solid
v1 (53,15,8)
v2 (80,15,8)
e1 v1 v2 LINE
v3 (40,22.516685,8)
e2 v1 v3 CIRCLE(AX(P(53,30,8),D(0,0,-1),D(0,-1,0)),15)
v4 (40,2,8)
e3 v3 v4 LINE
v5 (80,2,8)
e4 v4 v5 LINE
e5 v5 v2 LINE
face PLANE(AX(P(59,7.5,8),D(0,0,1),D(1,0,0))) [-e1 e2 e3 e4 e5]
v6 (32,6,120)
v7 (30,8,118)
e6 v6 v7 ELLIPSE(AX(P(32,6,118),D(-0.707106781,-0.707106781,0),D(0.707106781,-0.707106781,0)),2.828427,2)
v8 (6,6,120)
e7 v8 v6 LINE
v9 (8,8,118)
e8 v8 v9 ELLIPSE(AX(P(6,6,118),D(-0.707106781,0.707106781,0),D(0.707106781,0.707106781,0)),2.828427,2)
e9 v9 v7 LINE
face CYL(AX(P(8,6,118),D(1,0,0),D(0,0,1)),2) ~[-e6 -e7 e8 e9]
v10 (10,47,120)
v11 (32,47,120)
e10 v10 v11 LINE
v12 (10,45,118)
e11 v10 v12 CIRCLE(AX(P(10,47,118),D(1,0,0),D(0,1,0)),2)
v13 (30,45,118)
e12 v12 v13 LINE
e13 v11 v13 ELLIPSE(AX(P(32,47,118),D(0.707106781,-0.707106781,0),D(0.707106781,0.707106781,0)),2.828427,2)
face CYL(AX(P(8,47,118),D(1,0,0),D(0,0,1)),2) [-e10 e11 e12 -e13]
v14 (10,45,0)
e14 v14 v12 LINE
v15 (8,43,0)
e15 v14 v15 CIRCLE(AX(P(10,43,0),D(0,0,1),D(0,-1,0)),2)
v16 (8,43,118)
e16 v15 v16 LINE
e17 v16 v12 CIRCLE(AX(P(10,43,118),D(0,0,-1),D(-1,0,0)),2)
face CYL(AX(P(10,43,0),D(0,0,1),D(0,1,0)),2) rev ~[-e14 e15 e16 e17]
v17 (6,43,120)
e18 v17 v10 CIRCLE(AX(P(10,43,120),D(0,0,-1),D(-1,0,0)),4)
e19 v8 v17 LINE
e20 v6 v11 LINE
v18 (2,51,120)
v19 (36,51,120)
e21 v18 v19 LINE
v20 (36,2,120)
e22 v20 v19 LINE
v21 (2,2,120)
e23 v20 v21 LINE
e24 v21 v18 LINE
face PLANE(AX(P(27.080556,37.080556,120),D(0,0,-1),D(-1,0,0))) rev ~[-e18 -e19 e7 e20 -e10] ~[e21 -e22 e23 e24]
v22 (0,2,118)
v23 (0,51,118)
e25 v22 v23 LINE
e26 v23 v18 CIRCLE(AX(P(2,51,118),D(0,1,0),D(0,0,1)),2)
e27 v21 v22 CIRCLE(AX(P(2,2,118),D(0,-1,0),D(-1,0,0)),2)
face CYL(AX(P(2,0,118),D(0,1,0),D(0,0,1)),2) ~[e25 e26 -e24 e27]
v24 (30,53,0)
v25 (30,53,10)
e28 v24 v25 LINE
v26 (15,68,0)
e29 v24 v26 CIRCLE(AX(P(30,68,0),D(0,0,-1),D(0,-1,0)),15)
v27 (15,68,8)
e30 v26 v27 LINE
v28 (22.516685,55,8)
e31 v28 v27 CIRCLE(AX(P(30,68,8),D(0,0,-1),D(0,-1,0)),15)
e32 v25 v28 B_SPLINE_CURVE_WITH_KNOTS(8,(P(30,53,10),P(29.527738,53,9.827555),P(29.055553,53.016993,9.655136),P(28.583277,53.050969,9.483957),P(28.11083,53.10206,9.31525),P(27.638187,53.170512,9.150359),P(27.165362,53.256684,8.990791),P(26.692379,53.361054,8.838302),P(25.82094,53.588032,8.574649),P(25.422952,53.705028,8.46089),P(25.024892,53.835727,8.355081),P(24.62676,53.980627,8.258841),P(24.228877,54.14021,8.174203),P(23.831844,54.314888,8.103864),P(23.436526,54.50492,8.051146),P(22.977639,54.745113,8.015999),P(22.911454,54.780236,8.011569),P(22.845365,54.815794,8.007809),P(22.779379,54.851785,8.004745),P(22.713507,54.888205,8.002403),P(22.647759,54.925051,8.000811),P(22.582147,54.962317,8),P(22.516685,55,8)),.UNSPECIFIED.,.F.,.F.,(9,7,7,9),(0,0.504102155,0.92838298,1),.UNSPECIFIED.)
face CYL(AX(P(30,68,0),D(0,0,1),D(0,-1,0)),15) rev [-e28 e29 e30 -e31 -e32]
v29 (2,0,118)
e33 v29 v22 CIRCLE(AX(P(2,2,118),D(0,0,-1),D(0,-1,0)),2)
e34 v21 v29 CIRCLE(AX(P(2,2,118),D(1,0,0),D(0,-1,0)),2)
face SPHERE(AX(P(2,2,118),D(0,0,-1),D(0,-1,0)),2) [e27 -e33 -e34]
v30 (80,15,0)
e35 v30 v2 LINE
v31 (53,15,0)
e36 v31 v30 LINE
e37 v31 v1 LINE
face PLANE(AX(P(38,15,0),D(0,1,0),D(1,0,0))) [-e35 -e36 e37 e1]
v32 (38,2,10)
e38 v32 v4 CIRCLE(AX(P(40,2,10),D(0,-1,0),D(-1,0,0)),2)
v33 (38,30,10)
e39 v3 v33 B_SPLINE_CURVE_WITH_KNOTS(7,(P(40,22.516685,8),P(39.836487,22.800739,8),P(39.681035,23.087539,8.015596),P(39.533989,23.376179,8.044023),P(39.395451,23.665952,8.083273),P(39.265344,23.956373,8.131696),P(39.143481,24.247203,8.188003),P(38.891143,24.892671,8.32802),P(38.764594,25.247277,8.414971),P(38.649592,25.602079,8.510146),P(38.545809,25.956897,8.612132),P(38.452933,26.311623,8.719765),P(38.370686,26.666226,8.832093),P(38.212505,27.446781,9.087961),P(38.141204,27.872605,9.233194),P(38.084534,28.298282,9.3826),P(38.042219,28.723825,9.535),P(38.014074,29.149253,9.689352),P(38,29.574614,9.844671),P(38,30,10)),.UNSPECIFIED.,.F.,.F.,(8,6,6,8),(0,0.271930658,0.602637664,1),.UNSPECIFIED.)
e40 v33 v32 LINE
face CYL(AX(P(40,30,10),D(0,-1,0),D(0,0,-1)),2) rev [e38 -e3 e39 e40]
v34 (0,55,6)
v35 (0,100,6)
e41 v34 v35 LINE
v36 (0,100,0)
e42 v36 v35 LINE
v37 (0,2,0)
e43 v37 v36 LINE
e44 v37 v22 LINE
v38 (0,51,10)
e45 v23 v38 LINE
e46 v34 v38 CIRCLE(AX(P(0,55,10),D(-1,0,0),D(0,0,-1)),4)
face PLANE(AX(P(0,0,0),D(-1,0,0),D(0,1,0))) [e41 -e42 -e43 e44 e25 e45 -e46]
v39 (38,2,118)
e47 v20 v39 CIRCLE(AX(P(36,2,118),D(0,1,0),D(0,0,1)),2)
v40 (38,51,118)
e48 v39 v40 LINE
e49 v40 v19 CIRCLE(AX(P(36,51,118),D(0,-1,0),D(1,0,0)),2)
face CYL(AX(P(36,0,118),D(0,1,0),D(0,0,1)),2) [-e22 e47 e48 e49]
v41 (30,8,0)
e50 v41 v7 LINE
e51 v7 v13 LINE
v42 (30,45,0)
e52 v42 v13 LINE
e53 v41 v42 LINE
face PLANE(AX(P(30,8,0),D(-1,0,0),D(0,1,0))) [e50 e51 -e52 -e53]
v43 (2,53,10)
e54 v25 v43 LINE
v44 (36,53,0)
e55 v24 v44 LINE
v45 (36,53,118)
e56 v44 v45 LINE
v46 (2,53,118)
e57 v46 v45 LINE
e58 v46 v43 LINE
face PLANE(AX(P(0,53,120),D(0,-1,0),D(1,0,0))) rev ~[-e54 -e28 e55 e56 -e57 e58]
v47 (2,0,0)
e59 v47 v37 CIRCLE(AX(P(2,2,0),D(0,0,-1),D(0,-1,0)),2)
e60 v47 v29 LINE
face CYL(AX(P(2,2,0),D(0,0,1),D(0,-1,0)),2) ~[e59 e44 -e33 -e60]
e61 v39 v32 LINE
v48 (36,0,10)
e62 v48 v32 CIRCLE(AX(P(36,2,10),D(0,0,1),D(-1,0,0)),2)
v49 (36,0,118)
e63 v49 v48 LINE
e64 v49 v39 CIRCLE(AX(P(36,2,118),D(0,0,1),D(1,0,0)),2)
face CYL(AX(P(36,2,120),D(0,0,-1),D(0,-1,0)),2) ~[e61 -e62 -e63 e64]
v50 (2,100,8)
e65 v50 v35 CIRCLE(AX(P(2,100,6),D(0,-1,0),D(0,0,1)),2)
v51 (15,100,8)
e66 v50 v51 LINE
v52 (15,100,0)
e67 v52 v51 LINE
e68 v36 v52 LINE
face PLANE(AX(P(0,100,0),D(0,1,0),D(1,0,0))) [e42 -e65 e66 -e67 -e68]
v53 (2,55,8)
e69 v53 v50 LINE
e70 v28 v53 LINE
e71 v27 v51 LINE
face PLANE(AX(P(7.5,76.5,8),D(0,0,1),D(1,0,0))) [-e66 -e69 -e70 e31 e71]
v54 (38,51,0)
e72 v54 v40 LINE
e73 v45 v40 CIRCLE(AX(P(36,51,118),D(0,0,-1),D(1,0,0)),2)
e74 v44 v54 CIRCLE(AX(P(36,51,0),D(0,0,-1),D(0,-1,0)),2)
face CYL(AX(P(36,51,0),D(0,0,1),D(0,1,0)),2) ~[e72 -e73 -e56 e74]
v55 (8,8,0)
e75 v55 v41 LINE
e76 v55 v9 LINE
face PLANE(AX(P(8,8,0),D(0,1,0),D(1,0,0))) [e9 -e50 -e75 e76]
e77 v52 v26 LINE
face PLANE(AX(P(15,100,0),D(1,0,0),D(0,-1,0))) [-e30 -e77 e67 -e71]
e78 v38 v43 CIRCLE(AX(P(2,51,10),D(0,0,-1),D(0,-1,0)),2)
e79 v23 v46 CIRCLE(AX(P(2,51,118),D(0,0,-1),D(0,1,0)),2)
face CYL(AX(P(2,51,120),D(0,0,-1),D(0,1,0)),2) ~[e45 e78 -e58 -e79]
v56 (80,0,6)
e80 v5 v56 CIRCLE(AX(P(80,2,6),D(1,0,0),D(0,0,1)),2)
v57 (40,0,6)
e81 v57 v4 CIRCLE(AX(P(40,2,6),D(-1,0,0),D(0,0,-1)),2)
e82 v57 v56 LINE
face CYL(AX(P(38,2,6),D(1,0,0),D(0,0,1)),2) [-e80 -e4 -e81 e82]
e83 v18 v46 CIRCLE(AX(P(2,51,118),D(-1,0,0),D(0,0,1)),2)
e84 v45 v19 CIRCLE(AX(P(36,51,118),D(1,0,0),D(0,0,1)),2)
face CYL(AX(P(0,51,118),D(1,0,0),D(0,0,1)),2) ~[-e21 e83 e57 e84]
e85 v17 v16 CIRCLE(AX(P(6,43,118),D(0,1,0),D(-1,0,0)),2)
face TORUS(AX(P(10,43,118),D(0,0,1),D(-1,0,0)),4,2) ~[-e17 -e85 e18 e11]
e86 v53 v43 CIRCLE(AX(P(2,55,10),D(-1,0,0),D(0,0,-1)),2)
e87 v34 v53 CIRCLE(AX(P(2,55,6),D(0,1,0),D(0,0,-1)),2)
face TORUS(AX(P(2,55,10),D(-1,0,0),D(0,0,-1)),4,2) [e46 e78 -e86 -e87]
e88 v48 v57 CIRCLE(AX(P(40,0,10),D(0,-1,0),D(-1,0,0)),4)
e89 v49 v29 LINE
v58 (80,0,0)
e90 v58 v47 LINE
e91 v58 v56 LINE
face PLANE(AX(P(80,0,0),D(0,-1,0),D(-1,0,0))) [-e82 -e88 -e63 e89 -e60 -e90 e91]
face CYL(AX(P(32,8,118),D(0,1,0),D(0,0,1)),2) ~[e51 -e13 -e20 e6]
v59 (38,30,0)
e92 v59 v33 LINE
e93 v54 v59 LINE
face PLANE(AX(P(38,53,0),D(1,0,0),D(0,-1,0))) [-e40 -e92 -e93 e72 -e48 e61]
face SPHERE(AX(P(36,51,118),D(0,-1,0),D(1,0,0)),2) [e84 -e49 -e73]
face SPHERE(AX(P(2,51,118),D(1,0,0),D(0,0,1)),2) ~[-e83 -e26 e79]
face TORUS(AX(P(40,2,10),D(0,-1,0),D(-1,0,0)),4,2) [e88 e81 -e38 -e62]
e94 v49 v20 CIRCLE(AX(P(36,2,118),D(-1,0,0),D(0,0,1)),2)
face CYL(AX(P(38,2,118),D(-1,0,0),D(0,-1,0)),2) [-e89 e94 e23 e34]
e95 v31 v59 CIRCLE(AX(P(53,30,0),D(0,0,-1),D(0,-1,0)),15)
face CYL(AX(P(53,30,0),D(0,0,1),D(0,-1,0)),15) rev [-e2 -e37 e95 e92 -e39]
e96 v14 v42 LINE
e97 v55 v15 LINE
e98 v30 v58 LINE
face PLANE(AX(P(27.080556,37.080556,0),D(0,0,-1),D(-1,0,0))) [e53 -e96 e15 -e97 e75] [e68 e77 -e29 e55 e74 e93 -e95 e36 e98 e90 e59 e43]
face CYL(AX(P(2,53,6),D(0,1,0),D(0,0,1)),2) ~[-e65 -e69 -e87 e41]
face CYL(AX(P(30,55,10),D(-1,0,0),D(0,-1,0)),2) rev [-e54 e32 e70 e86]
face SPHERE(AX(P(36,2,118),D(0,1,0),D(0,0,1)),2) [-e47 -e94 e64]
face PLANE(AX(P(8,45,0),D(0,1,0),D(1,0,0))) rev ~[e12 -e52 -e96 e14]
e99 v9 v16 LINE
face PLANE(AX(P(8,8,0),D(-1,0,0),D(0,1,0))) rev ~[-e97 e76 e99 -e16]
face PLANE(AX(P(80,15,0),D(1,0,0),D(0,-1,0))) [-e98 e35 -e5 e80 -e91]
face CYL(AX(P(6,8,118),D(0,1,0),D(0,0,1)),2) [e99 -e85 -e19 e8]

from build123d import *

# Parameters (mm, degrees)
SZKIC1_W                    = 22
SZKIC1_H                    = 37
DODANIE_WYCI_GNI_CIE1_DEPTH = 120
SZKIC2_W                    = 42
SZKIC2_H                    = 15
SZKIC2_W_2                  = 15
SZKIC2_H_2                  = 47
WYTNIJ_WYCI_GNI_CIE1_DEPTH  = 112
ZAOKR_GLENIE1_R             = 15
ZAOKR_GLENIE2_R             = 2


with BuildPart() as part:
    # Szkic1 → Dodanie-wyciągnięcie1 (new body)
    with BuildSketch(Plane.XY):
        Polygon((0, 0), (0, 100), (15, 100), (15, 53), (38, 53), (38, 15), (80, 15), (80, 0), align=None)
        with Locations((19, 26.5)):
            Rectangle(SZKIC1_W, SZKIC1_H, mode=Mode.SUBTRACT)
    extrude(amount=DODANIE_WYCI_GNI_CIE1_DEPTH)

    # Szkic2 → Wytnij-wyciągnięcie1 (cut)
    with BuildSketch(Plane.XY.offset(120)):
        with Locations((59, 7.5)):
            Rectangle(SZKIC2_W, SZKIC2_H)
        with Locations((7.5, 76.5)):
            Rectangle(SZKIC2_W_2, SZKIC2_H_2)
    extrude(amount=-WYTNIJ_WYCI_GNI_CIE1_DEPTH, mode=Mode.SUBTRACT)

    # Zaokrąglenie1
    zaokr_glenie1_edges = [part.edges().sort_by_distance(p)[0] for p in [
        (38, 15, 4),
        (15, 53, 4),
    ]]
    fillet(zaokr_glenie1_edges, radius=ZAOKR_GLENIE1_R)

    # Zaokrąglenie2
    zaokr_glenie2_edges = [part.edges().sort_by_distance(p)[0] for p in [
        (38, 26.5, 120),
        (0, 0, 60),
        (38, 53, 60),
        (19, 53, 120),
        (8, 45, 60),
        (8, 26.5, 120),
        (19, 8, 120),
        (30, 26.5, 120),
        (19, 45, 120),
        (19, 0, 120),
        (38, 22.5, 8),
        (38, 0, 64),
        (59, 0, 8),
        (0, 26.5, 120),
        (0, 76.5, 8),
        (0, 53, 64),
        (22.5, 53, 8),
    ]]
    fillet(zaokr_glenie2_edges, radius=ZAOKR_GLENIE2_R)


solid = part.part
